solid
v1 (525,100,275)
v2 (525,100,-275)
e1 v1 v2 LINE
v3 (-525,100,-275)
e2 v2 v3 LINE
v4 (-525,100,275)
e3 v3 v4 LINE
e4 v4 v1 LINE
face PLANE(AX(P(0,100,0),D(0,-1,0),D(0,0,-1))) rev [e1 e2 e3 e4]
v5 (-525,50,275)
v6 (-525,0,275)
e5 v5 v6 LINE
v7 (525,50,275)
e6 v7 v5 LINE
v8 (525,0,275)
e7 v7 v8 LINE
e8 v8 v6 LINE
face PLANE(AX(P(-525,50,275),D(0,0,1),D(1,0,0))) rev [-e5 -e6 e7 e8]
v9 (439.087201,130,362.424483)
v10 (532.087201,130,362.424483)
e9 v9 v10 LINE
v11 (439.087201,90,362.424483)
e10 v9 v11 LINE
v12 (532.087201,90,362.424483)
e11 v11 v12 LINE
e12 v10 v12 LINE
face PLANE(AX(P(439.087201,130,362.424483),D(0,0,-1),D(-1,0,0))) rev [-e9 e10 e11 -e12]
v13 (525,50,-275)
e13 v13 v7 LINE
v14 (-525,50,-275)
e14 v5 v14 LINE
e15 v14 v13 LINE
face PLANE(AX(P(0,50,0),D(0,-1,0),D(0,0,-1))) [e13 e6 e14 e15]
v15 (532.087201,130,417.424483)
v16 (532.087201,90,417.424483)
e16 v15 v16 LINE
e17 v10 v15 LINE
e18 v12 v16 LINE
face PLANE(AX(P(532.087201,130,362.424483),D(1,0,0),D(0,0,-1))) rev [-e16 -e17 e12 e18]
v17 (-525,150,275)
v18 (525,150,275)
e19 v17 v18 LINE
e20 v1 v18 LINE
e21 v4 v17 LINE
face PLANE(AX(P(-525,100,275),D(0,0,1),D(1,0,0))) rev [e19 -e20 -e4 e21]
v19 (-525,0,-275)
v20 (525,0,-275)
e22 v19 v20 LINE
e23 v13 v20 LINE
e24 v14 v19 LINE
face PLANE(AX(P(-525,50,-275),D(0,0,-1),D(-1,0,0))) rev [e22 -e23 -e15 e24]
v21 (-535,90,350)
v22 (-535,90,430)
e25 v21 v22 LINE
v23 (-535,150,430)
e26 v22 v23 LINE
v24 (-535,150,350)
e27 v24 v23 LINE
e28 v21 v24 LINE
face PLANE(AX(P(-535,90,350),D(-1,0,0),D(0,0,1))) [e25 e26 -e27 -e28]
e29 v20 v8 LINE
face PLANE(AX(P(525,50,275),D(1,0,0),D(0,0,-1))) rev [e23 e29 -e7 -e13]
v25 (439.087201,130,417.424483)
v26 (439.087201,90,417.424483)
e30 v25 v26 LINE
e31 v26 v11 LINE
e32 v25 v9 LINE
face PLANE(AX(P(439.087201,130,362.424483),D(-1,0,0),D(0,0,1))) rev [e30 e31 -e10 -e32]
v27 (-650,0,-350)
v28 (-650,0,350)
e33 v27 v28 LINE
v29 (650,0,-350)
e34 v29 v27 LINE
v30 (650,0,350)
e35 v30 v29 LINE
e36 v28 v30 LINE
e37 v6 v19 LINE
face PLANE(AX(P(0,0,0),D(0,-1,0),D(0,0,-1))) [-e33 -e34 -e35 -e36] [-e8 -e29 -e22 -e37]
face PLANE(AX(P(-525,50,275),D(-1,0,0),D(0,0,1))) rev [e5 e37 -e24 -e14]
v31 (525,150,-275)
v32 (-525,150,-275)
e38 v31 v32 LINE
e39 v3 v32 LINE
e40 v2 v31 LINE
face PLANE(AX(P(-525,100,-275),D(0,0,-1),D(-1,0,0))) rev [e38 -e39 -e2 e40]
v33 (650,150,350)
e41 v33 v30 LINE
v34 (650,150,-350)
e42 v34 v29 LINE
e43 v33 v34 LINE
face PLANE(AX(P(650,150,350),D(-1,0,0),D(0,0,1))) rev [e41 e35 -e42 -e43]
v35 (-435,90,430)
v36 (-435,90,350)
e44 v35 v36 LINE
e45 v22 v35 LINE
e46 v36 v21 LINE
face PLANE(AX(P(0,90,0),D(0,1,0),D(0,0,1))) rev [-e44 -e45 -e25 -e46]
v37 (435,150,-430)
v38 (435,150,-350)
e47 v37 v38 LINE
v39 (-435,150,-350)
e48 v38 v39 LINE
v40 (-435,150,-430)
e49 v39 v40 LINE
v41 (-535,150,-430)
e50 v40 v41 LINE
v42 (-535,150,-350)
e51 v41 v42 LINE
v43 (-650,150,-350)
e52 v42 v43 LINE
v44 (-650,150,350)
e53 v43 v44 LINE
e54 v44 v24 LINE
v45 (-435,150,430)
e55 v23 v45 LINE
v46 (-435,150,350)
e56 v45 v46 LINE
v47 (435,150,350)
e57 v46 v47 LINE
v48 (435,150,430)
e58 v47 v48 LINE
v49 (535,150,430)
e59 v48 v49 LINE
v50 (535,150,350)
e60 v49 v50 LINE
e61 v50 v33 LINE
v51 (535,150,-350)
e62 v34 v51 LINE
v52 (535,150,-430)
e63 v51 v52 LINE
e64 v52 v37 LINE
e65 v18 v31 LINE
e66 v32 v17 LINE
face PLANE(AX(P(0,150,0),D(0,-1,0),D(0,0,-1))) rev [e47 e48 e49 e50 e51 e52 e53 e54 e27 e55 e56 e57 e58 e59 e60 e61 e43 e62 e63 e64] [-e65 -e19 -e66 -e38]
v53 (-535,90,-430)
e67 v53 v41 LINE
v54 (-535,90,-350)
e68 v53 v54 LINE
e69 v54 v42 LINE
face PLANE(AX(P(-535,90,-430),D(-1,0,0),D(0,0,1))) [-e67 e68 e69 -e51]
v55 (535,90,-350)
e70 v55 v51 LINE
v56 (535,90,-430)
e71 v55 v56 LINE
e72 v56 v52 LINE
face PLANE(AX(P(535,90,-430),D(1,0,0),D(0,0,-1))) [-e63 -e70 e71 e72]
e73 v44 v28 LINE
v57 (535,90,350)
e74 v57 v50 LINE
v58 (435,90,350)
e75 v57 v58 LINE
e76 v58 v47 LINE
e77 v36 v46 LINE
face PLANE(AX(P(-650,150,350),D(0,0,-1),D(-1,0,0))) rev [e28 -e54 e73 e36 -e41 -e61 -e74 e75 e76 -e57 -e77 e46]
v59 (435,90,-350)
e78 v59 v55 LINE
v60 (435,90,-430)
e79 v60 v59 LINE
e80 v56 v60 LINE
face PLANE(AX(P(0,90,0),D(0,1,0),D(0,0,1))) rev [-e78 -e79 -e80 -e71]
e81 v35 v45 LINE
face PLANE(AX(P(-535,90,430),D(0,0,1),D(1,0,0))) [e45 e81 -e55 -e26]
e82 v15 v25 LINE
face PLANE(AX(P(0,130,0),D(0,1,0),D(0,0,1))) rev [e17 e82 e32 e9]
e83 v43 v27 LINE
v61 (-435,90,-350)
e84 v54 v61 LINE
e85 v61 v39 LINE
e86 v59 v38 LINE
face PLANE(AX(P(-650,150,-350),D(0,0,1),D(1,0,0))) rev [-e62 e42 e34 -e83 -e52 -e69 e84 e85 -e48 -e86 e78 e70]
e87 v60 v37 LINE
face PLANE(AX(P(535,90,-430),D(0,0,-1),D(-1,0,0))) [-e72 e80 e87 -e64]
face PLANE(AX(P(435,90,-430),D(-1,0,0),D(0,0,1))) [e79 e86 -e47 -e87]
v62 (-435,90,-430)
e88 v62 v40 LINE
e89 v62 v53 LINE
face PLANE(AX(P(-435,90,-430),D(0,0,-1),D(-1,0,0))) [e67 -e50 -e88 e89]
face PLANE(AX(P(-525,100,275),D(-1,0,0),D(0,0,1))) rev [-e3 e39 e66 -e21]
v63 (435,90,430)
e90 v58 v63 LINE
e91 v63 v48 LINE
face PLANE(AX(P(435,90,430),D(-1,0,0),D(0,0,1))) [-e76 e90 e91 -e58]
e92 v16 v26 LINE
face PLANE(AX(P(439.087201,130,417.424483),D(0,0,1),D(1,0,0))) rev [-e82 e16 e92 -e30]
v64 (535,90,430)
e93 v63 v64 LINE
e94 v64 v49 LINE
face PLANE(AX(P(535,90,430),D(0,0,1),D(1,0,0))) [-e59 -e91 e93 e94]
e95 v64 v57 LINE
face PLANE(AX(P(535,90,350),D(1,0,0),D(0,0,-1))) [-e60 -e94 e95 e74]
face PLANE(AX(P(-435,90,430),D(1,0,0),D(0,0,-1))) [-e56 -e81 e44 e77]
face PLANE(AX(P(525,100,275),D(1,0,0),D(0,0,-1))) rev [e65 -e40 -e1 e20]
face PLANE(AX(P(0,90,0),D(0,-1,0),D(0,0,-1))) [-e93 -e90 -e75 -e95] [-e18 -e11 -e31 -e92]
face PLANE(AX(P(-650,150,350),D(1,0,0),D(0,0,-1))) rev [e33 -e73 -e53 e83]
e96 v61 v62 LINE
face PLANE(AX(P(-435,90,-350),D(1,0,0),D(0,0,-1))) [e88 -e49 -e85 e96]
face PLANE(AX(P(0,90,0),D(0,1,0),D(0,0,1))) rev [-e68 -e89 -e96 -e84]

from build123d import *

# Parameters (mm, degrees)
SKETCH1_W           = 1300
SKETCH1_H           = 700
BOSS_EXTRUDE1_DEPTH = 150
SKETCH2_W           = 1050
SKETCH2_H           = 550
CUT_EXTRUDE1_DEPTH  = 50
SKETCH3_W           = 1050
SKETCH3_H           = 550
CUT_EXTRUDE2_DEPTH  = 50
SKETCH14_W          = 100
SKETCH14_H          = 80
BOSS_EXTRUDE3_DEPTH = 60
SKETCH15_W          = 93
SKETCH15_H          = 55
CUT_EXTRUDE7_DEPTH  = 40
SKETCH16_W          = 100
SKETCH16_H          = 80
BOSS_EXTRUDE4_DEPTH = 60


with BuildPart() as part:
    # Sketch1 → Boss-Extrude1 (new body)
    with BuildSketch(Plane(origin=(0, 0, 0), x_dir=(1, 0, 0), z_dir=(0, 1, 0))):
        Rectangle(SKETCH1_W, SKETCH1_H)
    extrude(amount=BOSS_EXTRUDE1_DEPTH)

    # Sketch2 → Cut-Extrude1 (cut)
    with BuildSketch(Plane(origin=(0, 150, 0), x_dir=(1, 0, 0), z_dir=(0, 1, 0))):
        Rectangle(SKETCH2_W, SKETCH2_H)
    extrude(amount=-CUT_EXTRUDE1_DEPTH, mode=Mode.SUBTRACT)

    # Sketch3 → Cut-Extrude2 (cut)
    with BuildSketch(Plane.XZ):
        Rectangle(SKETCH3_W, SKETCH3_H)
    extrude(amount=-CUT_EXTRUDE2_DEPTH, mode=Mode.SUBTRACT)

    # Sketch14 → Boss-Extrude3 (add)
    with BuildSketch(Plane(origin=(0, 150, 0), x_dir=(1, 0, 0), z_dir=(0, 1, 0))):
        with Locations((485, -390)):
            Rectangle(SKETCH14_W, SKETCH14_H)
        with Locations((-485, -390)):
            Rectangle(SKETCH14_W, SKETCH14_H)
    extrude(amount=-BOSS_EXTRUDE3_DEPTH)

    # Sketch15 → Cut-Extrude7 (cut)
    with BuildSketch(Plane.XZ.offset(-90)):
        with Locations((485.587200579, 389.924483471)):
            Rectangle(SKETCH15_W, SKETCH15_H)
    extrude(amount=-CUT_EXTRUDE7_DEPTH, mode=Mode.SUBTRACT)

    # Sketch16 → Boss-Extrude4 (add)
    with BuildSketch(Plane(origin=(0, 150, 0), x_dir=(1, 0, 0), z_dir=(0, 1, 0))):
        with Locations((485, 390)):
            Rectangle(SKETCH16_W, SKETCH16_H)
        with Locations((-485, 390)):
            Rectangle(SKETCH16_W, SKETCH16_H)
    extrude(amount=-BOSS_EXTRUDE4_DEPTH)


solid = part.part
